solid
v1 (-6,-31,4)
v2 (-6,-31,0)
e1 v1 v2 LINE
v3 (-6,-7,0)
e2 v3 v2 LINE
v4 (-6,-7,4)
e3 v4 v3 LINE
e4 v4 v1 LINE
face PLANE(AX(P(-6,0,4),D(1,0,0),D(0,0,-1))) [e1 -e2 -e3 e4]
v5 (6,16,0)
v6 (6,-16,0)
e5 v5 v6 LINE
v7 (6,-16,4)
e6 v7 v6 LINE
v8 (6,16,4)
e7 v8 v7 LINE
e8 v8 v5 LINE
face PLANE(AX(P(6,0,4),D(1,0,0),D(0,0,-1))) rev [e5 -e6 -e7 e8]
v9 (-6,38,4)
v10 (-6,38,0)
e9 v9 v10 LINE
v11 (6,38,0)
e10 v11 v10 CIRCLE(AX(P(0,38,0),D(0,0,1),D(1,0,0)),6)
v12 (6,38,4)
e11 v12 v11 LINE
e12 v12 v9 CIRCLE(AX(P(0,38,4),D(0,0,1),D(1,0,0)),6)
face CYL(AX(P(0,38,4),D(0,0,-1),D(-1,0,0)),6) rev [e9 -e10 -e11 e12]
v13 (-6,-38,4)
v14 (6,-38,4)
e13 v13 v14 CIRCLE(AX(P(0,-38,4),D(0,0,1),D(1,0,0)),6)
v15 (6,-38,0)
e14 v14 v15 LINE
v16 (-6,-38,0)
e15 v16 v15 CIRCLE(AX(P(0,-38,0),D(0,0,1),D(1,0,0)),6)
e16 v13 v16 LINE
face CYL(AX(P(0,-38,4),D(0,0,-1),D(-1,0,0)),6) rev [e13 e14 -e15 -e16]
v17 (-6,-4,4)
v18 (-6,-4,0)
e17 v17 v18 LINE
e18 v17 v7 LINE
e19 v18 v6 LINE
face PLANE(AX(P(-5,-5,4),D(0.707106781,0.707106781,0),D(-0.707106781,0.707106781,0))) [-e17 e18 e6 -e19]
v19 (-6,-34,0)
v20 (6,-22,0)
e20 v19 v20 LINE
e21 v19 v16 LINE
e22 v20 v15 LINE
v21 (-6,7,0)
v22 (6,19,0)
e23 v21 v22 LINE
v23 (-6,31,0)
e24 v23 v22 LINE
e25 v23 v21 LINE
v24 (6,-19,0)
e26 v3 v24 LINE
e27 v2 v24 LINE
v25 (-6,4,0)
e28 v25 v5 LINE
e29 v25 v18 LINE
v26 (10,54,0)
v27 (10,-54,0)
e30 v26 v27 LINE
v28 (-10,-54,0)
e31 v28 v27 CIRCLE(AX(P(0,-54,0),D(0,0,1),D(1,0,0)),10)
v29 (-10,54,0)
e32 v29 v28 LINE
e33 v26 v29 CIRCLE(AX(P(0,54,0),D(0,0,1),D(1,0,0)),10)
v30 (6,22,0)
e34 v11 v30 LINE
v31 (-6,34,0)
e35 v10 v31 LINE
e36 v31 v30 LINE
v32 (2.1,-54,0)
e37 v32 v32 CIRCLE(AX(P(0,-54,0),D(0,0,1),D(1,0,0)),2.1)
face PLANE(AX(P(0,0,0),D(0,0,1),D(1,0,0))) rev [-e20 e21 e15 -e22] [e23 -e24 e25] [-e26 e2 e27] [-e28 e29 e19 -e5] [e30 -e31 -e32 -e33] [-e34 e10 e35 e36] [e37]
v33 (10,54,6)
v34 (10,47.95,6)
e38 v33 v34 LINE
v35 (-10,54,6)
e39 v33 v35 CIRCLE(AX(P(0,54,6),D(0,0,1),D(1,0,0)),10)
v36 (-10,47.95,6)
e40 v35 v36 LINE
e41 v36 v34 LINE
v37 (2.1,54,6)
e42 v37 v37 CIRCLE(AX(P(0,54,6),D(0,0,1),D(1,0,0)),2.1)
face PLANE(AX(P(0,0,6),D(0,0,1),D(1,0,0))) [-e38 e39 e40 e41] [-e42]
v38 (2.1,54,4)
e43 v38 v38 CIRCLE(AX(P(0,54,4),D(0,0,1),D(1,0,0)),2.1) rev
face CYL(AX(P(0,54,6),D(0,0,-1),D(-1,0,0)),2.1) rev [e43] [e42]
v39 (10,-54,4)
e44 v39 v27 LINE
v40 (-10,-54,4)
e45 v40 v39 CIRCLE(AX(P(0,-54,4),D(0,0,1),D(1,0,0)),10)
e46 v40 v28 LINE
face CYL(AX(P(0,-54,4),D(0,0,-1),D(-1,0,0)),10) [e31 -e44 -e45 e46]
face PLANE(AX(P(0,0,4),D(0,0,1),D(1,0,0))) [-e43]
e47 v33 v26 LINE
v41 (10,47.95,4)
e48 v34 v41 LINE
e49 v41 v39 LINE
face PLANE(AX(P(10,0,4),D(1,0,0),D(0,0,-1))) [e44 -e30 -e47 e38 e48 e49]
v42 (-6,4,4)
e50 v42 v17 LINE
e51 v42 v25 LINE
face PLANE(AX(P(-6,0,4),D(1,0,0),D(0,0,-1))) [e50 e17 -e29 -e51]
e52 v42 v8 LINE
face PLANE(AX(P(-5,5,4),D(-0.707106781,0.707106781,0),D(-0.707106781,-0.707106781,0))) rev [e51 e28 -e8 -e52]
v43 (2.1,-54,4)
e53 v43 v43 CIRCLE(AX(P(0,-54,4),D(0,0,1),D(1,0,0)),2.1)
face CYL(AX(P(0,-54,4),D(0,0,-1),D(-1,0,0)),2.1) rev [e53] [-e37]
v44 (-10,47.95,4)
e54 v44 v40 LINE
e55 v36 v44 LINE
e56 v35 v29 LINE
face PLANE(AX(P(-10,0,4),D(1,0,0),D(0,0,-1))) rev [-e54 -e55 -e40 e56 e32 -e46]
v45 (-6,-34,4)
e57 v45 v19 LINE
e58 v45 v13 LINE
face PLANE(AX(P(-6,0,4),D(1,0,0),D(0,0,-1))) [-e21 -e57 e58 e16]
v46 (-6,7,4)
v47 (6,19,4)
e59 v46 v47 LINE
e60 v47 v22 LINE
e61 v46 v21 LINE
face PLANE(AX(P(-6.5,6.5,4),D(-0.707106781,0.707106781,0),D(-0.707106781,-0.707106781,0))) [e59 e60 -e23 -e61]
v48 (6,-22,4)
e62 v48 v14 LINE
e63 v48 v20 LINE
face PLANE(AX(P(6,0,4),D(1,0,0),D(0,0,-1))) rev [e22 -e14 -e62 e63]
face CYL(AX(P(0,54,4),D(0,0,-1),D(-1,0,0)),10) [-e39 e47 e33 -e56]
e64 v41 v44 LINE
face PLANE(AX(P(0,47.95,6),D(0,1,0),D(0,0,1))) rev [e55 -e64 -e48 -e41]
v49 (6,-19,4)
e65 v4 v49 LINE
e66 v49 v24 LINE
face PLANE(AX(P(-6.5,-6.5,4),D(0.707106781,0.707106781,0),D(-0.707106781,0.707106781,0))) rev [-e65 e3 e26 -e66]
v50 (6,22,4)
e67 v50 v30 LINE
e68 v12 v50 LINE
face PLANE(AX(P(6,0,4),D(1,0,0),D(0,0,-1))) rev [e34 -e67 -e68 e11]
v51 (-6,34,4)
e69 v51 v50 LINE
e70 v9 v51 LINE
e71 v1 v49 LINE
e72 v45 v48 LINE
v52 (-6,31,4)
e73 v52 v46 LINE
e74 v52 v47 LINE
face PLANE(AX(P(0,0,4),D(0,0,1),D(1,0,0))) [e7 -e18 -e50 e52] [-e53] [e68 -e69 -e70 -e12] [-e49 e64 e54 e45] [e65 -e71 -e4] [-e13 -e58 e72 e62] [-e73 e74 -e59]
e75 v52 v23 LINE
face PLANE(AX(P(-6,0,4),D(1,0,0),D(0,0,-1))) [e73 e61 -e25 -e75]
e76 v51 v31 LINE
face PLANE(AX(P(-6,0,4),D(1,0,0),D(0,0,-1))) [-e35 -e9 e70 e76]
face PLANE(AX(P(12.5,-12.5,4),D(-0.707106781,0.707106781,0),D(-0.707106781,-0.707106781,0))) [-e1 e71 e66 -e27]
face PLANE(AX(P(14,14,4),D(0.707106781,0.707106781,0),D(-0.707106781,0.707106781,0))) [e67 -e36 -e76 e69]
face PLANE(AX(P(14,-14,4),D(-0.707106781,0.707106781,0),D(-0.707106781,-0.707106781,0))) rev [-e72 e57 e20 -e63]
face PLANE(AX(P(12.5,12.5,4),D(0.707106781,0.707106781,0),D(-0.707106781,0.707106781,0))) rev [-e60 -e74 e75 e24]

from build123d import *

# Parameters (mm, degrees)
CROQUIS1_R              = 2.1
SALIENTE_EXTRUIR1_DEPTH = 4
CROQUIS1_6_R            = 2.1
SALIENTE_EXTRUIR3_DEPTH = 6


with BuildPart() as part:
    # Croquis1 → Saliente-Extruir1 (new body)
    with BuildSketch(Plane.XY):
        with BuildLine():
            ThreePointArc((10, 54), (0, 64), (-10, 54))
            Line((-10, 54), (-10, -54))
            ThreePointArc((-10, -54), (0, -64), (10, -54))
            Line((10, -54), (10, 54))
        make_face()
        with BuildLine():
            Line((6, 38), (6, 22))
            Line((6, 22), (-6, 34))
            Line((-6, 34), (-6, 38))
            ThreePointArc((-6, 38), (0, 44), (6, 38))
        make_face(mode=Mode.SUBTRACT)
        Polygon((-6, 7), (-6, 31), (6, 19), align=None, mode=Mode.SUBTRACT)
        Polygon((-6, -4), (-6, 4), (6, 16), (6, -16), align=None, mode=Mode.SUBTRACT)
        Polygon((-6, -31), (-6, -7), (6, -19), align=None, mode=Mode.SUBTRACT)
        with BuildLine():
            Line((-6, -38), (-6, -34))
            Line((-6, -34), (6, -22))
            Line((6, -22), (6, -38))
            ThreePointArc((6, -38), (0, -44), (-6, -38))
        make_face(mode=Mode.SUBTRACT)
        with Locations((0, -54)):
            Circle(CROQUIS1_R, mode=Mode.SUBTRACT)
    extrude(amount=SALIENTE_EXTRUIR1_DEPTH)

    # Croquis1<6> → Saliente-Extruir3 (add)
    with BuildSketch(Plane.XY):
        with BuildLine():
            Line((10, 47.95), (10, 54))
            ThreePointArc((10, 54), (0, 64), (-10, 54))
            Line((-10, 54), (-10, 47.95))
            Line((-10, 47.95), (10, 47.95))
        make_face()
        with Locations((0, 54)):
            Circle(CROQUIS1_6_R, mode=Mode.SUBTRACT)
    extrude(amount=SALIENTE_EXTRUIR3_DEPTH)


solid = part.part
